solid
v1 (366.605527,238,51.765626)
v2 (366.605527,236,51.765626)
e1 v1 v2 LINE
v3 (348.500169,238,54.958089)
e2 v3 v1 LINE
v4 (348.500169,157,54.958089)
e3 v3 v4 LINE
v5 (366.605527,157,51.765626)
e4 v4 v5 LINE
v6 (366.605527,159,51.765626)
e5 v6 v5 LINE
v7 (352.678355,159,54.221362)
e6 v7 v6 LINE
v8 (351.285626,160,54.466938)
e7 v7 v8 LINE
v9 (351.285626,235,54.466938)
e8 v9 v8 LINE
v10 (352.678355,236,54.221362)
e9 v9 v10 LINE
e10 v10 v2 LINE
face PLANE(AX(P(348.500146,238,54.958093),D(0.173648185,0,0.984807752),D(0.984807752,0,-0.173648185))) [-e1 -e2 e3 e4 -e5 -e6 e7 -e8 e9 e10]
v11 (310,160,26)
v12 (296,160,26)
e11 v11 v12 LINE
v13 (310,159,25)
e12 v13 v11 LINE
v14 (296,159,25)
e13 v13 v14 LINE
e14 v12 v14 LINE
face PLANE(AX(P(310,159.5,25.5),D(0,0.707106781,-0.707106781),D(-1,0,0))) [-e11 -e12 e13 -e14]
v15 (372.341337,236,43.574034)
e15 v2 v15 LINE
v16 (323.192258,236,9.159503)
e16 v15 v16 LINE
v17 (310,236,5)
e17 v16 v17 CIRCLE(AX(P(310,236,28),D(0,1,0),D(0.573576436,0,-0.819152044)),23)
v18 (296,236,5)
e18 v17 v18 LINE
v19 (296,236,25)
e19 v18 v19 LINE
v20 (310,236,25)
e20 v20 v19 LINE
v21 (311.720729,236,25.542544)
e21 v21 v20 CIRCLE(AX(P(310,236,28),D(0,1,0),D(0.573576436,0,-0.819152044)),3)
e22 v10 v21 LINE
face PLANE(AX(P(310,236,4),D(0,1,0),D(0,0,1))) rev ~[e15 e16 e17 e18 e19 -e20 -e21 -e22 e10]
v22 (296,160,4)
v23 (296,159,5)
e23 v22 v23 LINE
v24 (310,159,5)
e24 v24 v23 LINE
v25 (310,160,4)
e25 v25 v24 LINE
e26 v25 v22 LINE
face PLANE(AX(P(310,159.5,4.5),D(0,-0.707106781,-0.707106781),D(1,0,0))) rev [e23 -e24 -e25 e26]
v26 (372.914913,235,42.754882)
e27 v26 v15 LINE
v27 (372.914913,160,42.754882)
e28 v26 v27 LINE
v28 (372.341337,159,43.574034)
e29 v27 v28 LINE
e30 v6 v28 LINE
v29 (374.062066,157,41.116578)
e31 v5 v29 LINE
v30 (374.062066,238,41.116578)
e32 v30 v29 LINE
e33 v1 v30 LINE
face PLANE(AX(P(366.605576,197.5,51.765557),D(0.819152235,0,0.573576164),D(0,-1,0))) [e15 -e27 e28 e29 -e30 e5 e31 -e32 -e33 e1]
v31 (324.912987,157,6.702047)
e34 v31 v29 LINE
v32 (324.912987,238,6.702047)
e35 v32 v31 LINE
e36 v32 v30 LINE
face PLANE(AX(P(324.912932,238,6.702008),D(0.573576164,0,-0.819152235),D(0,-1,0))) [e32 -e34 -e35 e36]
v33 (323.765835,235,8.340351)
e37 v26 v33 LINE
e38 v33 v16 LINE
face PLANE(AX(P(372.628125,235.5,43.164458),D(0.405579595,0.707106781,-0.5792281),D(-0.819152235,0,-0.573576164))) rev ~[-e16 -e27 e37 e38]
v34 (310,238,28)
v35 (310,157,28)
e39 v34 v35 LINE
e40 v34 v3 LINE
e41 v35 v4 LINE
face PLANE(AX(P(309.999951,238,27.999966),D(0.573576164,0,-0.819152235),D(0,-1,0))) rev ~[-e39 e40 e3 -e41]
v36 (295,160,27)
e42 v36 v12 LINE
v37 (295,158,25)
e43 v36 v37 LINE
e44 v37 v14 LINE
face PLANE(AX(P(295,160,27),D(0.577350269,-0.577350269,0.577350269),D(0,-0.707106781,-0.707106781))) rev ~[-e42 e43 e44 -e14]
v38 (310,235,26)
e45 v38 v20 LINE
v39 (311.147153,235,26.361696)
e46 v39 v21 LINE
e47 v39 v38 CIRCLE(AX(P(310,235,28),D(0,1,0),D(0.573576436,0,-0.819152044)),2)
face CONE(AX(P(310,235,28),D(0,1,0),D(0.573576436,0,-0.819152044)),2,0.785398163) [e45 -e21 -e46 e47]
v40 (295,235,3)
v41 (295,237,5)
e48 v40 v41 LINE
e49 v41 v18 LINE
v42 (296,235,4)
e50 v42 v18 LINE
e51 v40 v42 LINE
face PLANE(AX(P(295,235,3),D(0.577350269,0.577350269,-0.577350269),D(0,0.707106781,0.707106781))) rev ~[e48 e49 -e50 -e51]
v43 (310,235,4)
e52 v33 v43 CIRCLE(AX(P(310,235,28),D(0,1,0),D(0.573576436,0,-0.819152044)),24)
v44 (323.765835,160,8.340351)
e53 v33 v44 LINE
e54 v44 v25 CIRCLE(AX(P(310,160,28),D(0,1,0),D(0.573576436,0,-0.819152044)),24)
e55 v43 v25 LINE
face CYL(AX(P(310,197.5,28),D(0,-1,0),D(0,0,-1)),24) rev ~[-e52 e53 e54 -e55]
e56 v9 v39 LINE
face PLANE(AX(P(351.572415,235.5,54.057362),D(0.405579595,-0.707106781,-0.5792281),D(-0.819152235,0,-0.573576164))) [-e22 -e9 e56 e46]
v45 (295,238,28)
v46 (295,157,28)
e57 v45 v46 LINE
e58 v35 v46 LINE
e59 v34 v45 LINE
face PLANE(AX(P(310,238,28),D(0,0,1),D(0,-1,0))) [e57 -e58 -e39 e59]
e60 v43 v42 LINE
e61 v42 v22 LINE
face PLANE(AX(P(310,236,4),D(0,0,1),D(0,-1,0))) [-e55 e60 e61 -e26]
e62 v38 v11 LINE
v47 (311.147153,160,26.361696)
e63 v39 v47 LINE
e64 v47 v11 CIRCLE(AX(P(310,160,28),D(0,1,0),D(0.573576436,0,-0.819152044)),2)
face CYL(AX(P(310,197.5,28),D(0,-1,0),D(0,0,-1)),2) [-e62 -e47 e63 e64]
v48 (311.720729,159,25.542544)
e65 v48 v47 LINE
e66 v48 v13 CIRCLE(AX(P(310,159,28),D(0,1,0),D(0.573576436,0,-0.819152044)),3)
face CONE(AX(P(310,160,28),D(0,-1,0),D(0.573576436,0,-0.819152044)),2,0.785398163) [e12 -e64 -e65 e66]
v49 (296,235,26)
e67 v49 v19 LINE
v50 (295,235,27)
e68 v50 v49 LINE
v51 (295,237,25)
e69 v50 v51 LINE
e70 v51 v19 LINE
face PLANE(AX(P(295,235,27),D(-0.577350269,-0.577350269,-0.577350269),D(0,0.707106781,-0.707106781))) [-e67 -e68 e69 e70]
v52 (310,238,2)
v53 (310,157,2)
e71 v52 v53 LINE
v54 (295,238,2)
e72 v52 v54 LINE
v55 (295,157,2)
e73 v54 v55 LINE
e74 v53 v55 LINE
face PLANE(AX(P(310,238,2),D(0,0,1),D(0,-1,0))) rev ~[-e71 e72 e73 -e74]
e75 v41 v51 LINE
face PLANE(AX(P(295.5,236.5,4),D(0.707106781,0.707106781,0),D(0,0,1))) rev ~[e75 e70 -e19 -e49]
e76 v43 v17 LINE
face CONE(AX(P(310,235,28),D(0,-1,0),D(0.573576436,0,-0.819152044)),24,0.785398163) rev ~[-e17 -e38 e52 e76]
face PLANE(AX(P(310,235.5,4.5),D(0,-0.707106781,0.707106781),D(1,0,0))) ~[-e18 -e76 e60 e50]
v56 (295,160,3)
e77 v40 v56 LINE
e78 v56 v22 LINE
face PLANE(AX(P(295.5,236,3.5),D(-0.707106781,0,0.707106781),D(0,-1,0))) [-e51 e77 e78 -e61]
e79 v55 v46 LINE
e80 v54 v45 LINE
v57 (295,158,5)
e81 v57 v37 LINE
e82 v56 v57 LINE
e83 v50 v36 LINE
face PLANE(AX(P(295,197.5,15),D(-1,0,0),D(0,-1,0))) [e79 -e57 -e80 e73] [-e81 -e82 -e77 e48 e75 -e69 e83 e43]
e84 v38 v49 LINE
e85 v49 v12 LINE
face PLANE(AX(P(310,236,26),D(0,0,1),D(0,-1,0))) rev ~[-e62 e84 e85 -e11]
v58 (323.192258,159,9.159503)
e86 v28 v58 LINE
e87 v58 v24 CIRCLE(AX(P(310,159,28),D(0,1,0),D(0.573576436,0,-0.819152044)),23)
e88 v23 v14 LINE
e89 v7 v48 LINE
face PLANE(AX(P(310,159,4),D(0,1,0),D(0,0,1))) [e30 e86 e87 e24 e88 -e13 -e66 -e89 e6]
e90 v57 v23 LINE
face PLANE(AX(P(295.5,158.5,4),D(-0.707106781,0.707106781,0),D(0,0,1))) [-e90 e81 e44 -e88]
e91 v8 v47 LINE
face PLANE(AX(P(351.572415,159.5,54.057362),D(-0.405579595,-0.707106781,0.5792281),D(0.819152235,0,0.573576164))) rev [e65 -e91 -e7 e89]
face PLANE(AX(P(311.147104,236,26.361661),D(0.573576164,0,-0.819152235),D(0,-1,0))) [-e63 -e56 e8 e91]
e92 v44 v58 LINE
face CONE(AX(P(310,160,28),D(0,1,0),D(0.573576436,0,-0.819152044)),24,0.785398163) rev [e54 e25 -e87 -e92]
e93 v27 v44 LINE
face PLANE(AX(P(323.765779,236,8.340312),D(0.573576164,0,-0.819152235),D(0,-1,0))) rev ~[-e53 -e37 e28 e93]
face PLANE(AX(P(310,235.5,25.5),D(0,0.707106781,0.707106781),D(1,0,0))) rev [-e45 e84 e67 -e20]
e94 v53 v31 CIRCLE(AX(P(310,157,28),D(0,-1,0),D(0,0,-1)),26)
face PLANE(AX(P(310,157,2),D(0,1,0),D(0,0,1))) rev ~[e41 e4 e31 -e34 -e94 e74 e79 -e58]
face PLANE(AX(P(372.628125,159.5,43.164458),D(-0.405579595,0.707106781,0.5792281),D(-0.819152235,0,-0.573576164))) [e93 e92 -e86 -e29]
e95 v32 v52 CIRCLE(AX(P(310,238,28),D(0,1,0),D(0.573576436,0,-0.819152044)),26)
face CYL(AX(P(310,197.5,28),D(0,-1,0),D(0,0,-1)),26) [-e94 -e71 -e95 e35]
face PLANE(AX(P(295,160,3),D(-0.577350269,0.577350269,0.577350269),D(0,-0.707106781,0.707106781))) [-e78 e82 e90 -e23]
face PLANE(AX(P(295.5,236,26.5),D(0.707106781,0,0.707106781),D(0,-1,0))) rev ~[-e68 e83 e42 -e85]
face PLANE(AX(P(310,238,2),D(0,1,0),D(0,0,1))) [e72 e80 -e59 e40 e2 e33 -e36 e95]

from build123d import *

# Parameters (mm, degrees)
SKETCH019_W             = 81
SKETCH019_H             = 26
SKETCH019_W_2           = 77
SKETCH019_H_2           = 22
REVOLUTION_ANGLE        = 35
SKETCH020_W             = 81
SKETCH020_H             = 26
SKETCH020_W_2           = 77
SKETCH020_H_2           = 22
PAD010_DEPTH            = 60
POCKET006_DEPTH         = 81.001
SKETCH022_W             = 81
SKETCH022_H             = 26
SKETCH022_W_2           = 77
SKETCH022_H_2           = 22
PAD011_DEPTH            = 15
CHAMFER002_SIZE         = 1
BODY005_PLACEMENT_ANGLE = 180


with BuildPart() as part:
    # Sketch019 → Revolution (revolve)
    with BuildSketch(Plane(origin=(310, 157, 2), x_dir=(0, 1, 0), z_dir=(1, 0, 0))):
        with Locations((40.5, 13)):
            Rectangle(SKETCH019_W, SKETCH019_H)
        with Locations((40.5, 13)):
            Rectangle(SKETCH019_W_2, SKETCH019_H_2, mode=Mode.SUBTRACT)
    revolve(axis=Axis((310, 157, 2), (0, 1, 0)), revolution_arc=REVOLUTION_ANGLE)

    # Sketch020 (on Face9 of Revolution) → Pad010 (new body)
    with BuildSketch(Plane(origin=(207.07343, 0, -144.994376), x_dir=(0, 1, 0), z_dir=(0.819152, 0, -0.573576))):
        with Locations((197.5, 192.446999)):
            Rectangle(SKETCH020_W, SKETCH020_H)
        with Locations((197.5, 192.446999)):
            Rectangle(SKETCH020_W_2, SKETCH020_H_2, mode=Mode.SUBTRACT)
    extrude(amount=PAD010_DEPTH)

    # Sketch021 (on Face11 of Pad010) → Pocket006 (cut, through all)
    with BuildSketch(Plane(origin=(0, 157, 0), x_dir=(0, 0, -1), z_dir=(0, -1, 0))):
        Polygon((21.76561, 366.605616), (32.414586, 359.149123), (24.958093, 348.500146), align=None)
    extrude(amount=-POCKET006_DEPTH, mode=Mode.SUBTRACT)

    # Sketch022 (on Face4 of Pocket006) → Pad011 (join)
    with BuildSketch(Plane(origin=(310, 0, 0), x_dir=(0, 1, 0), z_dir=(-1, 0, 0))):
        with Locations((197.5, -15)):
            Rectangle(SKETCH022_W, SKETCH022_H)
        with Locations((197.5, -15)):
            Rectangle(SKETCH022_W_2, SKETCH022_H_2, mode=Mode.SUBTRACT)
    extrude(amount=PAD011_DEPTH)

    # Chamfer002
    chamfer002_edges = [part.edges().sort_by_distance(p)[0] for p in [
        (302.5, 159, 4),
        (295, 197.5, 4),
        (295, 159, 15),
        (302.5, 159, 26),
        (295, 197.5, 26),
        (295, 236, 15),
        (302.5, 236, 26),
        (317.216939, 236, 24.889207),
        (317.216939, 159, 24.889207),
        (310.601412, 159, 3.907434),
        (331.216378, 159, -10.414319),
        (310.601412, 236, 3.907434),
        (331.216378, 236, -10.414319),
        (348.340396, 236, 4.452356),
        (348.340396, 159, 4.452356),
    ]]
    chamfer(chamfer002_edges, length=CHAMFER002_SIZE)


with BuildPart() as part_1:
    # Body005 placement: moved
    add(part.part.moved(Location((0, 395, 30))).rotate(Axis((0, 395, 30), (1, 0, 0)), BODY005_PLACEMENT_ANGLE))


solid = part_1.part
